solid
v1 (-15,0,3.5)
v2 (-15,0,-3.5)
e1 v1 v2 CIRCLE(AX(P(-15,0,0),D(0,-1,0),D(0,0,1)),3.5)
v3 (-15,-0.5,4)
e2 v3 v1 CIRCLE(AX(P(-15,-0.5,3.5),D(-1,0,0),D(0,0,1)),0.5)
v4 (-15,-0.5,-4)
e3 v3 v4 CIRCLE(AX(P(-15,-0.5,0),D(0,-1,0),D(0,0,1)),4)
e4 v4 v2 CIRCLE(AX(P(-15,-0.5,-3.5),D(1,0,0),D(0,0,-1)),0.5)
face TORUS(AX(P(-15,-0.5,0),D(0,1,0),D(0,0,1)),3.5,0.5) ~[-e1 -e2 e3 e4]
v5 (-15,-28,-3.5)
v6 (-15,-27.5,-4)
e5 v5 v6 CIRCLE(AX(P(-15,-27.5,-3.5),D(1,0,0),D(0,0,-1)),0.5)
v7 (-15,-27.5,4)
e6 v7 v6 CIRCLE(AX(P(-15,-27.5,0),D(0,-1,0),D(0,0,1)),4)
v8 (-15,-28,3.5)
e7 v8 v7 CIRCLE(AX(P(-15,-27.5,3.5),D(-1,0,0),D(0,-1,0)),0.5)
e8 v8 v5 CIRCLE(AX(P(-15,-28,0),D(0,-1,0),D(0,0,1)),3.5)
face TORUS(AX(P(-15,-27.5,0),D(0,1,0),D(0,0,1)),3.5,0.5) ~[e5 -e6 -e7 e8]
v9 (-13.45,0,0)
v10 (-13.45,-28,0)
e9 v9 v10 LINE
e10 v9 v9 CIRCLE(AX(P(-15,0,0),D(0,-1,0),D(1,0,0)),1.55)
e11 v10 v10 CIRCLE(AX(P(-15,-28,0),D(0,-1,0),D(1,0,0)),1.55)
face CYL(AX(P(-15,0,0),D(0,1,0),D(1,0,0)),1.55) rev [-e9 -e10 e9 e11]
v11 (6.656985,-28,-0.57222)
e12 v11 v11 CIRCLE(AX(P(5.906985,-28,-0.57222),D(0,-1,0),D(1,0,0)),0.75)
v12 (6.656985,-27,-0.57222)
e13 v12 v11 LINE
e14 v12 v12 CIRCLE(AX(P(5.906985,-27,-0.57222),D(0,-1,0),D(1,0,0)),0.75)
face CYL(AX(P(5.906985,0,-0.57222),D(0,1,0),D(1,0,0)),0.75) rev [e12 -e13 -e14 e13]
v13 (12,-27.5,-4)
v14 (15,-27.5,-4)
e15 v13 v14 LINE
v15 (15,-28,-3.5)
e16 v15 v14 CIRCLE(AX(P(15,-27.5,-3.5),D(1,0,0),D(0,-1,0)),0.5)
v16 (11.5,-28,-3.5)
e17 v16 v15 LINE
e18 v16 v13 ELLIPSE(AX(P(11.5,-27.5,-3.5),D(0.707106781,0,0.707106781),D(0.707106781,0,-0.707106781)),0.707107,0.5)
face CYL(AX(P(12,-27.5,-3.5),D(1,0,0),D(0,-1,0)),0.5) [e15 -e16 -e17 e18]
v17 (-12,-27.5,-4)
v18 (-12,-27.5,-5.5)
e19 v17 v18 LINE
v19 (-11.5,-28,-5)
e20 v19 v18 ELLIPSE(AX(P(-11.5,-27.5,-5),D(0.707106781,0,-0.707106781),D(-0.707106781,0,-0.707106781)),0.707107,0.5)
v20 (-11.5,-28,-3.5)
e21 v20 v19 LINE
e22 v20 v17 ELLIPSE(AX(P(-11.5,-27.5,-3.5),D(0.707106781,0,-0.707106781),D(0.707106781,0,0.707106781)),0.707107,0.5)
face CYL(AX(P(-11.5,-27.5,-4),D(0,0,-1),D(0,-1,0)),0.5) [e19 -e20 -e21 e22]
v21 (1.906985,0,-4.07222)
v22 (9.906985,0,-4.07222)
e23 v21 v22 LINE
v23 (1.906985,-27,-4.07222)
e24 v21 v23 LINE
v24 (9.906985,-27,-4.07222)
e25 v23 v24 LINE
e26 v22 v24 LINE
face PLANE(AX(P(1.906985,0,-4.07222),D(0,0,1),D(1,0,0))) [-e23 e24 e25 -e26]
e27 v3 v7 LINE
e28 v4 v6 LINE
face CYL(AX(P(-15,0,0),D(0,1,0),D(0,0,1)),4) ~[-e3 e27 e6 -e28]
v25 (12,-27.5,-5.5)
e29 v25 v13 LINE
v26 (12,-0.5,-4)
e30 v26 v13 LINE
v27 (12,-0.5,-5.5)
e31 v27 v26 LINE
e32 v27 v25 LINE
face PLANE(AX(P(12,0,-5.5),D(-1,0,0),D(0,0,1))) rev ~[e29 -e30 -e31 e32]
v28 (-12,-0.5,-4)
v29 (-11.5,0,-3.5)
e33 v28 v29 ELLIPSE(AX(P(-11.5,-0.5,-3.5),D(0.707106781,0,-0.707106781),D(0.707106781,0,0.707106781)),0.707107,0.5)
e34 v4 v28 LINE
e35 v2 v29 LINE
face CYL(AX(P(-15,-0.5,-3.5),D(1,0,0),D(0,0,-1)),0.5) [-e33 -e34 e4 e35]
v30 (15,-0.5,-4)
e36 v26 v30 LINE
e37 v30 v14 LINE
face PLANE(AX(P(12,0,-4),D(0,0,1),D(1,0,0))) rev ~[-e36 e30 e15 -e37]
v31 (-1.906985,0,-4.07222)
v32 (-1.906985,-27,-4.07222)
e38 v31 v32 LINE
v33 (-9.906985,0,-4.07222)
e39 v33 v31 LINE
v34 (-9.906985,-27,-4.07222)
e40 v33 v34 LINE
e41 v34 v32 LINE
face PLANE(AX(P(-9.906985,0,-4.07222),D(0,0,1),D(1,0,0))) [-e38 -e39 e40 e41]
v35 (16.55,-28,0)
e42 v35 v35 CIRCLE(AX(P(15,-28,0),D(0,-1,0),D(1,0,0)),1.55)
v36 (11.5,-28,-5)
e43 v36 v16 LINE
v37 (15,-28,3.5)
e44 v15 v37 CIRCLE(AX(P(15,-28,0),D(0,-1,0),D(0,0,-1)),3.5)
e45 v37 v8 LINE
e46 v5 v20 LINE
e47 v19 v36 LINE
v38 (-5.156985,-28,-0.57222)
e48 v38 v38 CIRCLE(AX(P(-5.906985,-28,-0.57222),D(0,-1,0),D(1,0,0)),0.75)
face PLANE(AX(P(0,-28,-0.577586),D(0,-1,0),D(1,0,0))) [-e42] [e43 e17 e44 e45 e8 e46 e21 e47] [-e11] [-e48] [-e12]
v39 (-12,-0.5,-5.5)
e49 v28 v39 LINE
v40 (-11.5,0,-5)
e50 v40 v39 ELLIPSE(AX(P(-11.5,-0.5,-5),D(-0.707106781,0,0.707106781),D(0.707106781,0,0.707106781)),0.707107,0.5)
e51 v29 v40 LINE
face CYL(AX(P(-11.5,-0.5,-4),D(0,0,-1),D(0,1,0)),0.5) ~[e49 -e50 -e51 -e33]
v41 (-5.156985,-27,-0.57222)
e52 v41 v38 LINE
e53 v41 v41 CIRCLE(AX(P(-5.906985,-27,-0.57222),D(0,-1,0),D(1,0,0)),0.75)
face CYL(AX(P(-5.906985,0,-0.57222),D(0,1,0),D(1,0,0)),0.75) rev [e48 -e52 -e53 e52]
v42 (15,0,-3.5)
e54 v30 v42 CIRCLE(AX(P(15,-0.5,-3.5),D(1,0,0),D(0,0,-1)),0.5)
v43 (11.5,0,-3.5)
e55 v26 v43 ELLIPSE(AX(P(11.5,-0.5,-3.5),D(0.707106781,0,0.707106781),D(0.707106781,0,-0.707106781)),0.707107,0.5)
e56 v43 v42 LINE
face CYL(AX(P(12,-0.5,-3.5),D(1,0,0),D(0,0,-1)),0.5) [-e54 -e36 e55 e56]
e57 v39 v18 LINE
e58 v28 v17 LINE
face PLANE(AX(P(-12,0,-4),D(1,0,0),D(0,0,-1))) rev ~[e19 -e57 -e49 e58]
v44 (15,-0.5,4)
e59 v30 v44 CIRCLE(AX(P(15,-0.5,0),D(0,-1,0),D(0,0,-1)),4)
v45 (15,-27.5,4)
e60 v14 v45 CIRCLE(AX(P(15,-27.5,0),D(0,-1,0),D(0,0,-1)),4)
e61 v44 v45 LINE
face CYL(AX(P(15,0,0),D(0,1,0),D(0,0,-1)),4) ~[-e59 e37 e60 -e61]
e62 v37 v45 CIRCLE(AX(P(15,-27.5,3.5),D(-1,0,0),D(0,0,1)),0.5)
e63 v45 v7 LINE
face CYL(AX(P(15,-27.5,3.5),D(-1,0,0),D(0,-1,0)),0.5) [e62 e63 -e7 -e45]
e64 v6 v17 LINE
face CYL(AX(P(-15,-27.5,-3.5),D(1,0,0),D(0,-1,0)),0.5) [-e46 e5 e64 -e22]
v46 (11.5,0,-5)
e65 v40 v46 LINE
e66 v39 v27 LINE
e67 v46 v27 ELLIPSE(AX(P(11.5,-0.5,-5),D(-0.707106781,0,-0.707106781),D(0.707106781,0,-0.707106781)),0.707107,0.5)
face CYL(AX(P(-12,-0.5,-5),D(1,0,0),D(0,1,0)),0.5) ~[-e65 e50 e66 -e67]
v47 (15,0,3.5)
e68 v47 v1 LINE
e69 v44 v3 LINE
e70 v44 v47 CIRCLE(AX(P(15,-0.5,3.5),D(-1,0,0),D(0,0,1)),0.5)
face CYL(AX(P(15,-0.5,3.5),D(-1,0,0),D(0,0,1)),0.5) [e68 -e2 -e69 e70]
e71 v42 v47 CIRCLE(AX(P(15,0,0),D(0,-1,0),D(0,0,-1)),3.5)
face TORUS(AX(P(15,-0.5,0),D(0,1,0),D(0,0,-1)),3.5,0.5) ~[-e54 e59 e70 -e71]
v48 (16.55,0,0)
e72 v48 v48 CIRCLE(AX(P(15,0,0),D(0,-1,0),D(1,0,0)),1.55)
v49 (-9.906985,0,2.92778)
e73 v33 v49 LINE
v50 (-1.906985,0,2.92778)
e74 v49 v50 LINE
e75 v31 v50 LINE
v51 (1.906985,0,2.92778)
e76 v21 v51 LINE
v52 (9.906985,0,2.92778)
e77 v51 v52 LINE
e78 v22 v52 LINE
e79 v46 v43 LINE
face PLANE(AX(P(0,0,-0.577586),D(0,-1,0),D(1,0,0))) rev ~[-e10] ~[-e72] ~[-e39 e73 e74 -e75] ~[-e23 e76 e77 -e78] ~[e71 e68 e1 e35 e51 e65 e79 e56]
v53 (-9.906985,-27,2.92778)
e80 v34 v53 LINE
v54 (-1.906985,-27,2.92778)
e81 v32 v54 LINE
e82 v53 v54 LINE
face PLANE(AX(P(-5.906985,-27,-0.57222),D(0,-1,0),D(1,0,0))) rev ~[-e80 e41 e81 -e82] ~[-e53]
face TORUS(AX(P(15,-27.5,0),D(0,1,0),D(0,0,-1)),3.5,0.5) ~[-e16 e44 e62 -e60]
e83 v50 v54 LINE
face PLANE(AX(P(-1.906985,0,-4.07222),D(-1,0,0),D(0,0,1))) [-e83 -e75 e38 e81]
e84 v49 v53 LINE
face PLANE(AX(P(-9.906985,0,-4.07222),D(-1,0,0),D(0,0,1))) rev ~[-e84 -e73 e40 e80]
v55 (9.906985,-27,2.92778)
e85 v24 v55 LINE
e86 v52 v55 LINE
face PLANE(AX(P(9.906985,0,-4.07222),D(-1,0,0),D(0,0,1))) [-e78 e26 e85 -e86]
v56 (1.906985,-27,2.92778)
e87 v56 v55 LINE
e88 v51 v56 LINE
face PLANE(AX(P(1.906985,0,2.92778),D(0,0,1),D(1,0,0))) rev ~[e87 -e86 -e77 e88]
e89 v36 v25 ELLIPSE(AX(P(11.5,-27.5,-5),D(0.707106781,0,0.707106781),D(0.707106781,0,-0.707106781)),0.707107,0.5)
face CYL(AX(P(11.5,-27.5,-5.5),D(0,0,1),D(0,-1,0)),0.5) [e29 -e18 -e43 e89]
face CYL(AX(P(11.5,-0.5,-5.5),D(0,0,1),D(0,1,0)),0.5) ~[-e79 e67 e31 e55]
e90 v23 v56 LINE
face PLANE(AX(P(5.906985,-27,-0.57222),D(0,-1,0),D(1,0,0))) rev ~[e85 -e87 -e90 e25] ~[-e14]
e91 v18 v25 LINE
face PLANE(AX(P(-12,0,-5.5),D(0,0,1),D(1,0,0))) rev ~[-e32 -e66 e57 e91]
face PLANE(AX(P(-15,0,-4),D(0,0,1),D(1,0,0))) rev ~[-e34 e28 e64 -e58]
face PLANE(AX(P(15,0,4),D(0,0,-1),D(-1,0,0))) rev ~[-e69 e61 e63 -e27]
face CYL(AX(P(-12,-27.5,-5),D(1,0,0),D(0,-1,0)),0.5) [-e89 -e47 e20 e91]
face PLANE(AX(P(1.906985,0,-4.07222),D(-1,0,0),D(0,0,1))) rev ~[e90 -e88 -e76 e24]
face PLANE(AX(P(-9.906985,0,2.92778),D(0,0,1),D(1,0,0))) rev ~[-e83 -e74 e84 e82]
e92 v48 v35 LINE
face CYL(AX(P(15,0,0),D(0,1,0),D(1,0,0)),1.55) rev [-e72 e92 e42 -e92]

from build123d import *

# Parameters (mm, degrees)
F0_R     = 1.55
F0_W     = 8
F0_H     = 7
F0_R_2   = 0.75
F1_DEPTH = 28
F2_DEPTH = 27
F3_R     = 0.5
F4_R     = 0.5


with BuildPart() as f1:
    # F0 (on Front) → F1 (new body)
    with BuildSketch(Plane.XZ):
        with BuildLine():
            ThreePointArc((15, -4), (19, 0), (15, 4))
            Line((15, 4), (0, 4))
            Line((0, 4), (-15, 4))
            ThreePointArc((-15, 4), (-19, 0), (-15, -4))
            Line((-15, -4), (-12, -4))
            Line((-12, -4), (-12, -5))
            Line((-12, -5), (-12, -5.5))
            Line((-12, -5.5), (0, -5.5))
            Line((0, -5.5), (12, -5.5))
            Line((12, -5.5), (12, -5))
            Line((12, -5), (12, -4))
            Line((12, -4), (15, -4))
        make_face()
        with Locations((-15, 0)):
            Circle(F0_R, mode=Mode.SUBTRACT)
        with Locations((-5.906985, -0.57222)):
            Rectangle(F0_W, F0_H, mode=Mode.SUBTRACT)
        with Locations((5.906985, -0.57222)):
            Rectangle(F0_W, F0_H, mode=Mode.SUBTRACT)
        with Locations((15, 0)):
            Circle(F0_R, mode=Mode.SUBTRACT)
        with Locations((5.906985, -0.57222)):
            Rectangle(F0_W, F0_H)
        with Locations((5.906985, -0.57222)):
            Circle(F0_R_2, mode=Mode.SUBTRACT)
        with Locations((-5.906985, -0.57222)):
            Rectangle(F0_W, F0_H)
        with Locations((-5.906985, -0.57222)):
            Circle(F0_R_2, mode=Mode.SUBTRACT)
    extrude(amount=F1_DEPTH)

    # F0 (on Front) → F2 (cut)
    with BuildSketch(Plane.XZ):
        with Locations((5.906985, -0.57222)):
            Rectangle(F0_W, F0_H)
        with Locations((5.906985, -0.57222)):
            Circle(F0_R_2, mode=Mode.SUBTRACT)
        with Locations((-5.906985, -0.57222)):
            Rectangle(F0_W, F0_H)
        with Locations((-5.906985, -0.57222)):
            Circle(F0_R_2, mode=Mode.SUBTRACT)
    extrude(amount=F2_DEPTH, mode=Mode.SUBTRACT)

    # F3
    f3_edges = [f1.edges().sort_by_distance(p)[0] for p in [
        (0, 0, 4),
        (-13.5, 0, -4),
        (0, 0, -5.5),
        (-12, 0, -4.75),
        (12, 0, -4.75),
        (13.5, 0, -4),
        (19, 0, 0),
        (-19, 0, 0),
    ]]
    fillet(f3_edges, radius=F3_R)

    # F4
    f4_edges = [f1.edges().sort_by_distance(p)[0] for p in [
        (0, -28, 4),
        (-19, -28, 0),
        (-13.5, -28, -4),
        (-12, -28, -4.75),
        (0, -28, -5.5),
        (12, -28, -4.75),
        (13.5, -28, -4),
        (19, -28, 0),
    ]]
    fillet(f4_edges, radius=F4_R)


solid = f1.part
